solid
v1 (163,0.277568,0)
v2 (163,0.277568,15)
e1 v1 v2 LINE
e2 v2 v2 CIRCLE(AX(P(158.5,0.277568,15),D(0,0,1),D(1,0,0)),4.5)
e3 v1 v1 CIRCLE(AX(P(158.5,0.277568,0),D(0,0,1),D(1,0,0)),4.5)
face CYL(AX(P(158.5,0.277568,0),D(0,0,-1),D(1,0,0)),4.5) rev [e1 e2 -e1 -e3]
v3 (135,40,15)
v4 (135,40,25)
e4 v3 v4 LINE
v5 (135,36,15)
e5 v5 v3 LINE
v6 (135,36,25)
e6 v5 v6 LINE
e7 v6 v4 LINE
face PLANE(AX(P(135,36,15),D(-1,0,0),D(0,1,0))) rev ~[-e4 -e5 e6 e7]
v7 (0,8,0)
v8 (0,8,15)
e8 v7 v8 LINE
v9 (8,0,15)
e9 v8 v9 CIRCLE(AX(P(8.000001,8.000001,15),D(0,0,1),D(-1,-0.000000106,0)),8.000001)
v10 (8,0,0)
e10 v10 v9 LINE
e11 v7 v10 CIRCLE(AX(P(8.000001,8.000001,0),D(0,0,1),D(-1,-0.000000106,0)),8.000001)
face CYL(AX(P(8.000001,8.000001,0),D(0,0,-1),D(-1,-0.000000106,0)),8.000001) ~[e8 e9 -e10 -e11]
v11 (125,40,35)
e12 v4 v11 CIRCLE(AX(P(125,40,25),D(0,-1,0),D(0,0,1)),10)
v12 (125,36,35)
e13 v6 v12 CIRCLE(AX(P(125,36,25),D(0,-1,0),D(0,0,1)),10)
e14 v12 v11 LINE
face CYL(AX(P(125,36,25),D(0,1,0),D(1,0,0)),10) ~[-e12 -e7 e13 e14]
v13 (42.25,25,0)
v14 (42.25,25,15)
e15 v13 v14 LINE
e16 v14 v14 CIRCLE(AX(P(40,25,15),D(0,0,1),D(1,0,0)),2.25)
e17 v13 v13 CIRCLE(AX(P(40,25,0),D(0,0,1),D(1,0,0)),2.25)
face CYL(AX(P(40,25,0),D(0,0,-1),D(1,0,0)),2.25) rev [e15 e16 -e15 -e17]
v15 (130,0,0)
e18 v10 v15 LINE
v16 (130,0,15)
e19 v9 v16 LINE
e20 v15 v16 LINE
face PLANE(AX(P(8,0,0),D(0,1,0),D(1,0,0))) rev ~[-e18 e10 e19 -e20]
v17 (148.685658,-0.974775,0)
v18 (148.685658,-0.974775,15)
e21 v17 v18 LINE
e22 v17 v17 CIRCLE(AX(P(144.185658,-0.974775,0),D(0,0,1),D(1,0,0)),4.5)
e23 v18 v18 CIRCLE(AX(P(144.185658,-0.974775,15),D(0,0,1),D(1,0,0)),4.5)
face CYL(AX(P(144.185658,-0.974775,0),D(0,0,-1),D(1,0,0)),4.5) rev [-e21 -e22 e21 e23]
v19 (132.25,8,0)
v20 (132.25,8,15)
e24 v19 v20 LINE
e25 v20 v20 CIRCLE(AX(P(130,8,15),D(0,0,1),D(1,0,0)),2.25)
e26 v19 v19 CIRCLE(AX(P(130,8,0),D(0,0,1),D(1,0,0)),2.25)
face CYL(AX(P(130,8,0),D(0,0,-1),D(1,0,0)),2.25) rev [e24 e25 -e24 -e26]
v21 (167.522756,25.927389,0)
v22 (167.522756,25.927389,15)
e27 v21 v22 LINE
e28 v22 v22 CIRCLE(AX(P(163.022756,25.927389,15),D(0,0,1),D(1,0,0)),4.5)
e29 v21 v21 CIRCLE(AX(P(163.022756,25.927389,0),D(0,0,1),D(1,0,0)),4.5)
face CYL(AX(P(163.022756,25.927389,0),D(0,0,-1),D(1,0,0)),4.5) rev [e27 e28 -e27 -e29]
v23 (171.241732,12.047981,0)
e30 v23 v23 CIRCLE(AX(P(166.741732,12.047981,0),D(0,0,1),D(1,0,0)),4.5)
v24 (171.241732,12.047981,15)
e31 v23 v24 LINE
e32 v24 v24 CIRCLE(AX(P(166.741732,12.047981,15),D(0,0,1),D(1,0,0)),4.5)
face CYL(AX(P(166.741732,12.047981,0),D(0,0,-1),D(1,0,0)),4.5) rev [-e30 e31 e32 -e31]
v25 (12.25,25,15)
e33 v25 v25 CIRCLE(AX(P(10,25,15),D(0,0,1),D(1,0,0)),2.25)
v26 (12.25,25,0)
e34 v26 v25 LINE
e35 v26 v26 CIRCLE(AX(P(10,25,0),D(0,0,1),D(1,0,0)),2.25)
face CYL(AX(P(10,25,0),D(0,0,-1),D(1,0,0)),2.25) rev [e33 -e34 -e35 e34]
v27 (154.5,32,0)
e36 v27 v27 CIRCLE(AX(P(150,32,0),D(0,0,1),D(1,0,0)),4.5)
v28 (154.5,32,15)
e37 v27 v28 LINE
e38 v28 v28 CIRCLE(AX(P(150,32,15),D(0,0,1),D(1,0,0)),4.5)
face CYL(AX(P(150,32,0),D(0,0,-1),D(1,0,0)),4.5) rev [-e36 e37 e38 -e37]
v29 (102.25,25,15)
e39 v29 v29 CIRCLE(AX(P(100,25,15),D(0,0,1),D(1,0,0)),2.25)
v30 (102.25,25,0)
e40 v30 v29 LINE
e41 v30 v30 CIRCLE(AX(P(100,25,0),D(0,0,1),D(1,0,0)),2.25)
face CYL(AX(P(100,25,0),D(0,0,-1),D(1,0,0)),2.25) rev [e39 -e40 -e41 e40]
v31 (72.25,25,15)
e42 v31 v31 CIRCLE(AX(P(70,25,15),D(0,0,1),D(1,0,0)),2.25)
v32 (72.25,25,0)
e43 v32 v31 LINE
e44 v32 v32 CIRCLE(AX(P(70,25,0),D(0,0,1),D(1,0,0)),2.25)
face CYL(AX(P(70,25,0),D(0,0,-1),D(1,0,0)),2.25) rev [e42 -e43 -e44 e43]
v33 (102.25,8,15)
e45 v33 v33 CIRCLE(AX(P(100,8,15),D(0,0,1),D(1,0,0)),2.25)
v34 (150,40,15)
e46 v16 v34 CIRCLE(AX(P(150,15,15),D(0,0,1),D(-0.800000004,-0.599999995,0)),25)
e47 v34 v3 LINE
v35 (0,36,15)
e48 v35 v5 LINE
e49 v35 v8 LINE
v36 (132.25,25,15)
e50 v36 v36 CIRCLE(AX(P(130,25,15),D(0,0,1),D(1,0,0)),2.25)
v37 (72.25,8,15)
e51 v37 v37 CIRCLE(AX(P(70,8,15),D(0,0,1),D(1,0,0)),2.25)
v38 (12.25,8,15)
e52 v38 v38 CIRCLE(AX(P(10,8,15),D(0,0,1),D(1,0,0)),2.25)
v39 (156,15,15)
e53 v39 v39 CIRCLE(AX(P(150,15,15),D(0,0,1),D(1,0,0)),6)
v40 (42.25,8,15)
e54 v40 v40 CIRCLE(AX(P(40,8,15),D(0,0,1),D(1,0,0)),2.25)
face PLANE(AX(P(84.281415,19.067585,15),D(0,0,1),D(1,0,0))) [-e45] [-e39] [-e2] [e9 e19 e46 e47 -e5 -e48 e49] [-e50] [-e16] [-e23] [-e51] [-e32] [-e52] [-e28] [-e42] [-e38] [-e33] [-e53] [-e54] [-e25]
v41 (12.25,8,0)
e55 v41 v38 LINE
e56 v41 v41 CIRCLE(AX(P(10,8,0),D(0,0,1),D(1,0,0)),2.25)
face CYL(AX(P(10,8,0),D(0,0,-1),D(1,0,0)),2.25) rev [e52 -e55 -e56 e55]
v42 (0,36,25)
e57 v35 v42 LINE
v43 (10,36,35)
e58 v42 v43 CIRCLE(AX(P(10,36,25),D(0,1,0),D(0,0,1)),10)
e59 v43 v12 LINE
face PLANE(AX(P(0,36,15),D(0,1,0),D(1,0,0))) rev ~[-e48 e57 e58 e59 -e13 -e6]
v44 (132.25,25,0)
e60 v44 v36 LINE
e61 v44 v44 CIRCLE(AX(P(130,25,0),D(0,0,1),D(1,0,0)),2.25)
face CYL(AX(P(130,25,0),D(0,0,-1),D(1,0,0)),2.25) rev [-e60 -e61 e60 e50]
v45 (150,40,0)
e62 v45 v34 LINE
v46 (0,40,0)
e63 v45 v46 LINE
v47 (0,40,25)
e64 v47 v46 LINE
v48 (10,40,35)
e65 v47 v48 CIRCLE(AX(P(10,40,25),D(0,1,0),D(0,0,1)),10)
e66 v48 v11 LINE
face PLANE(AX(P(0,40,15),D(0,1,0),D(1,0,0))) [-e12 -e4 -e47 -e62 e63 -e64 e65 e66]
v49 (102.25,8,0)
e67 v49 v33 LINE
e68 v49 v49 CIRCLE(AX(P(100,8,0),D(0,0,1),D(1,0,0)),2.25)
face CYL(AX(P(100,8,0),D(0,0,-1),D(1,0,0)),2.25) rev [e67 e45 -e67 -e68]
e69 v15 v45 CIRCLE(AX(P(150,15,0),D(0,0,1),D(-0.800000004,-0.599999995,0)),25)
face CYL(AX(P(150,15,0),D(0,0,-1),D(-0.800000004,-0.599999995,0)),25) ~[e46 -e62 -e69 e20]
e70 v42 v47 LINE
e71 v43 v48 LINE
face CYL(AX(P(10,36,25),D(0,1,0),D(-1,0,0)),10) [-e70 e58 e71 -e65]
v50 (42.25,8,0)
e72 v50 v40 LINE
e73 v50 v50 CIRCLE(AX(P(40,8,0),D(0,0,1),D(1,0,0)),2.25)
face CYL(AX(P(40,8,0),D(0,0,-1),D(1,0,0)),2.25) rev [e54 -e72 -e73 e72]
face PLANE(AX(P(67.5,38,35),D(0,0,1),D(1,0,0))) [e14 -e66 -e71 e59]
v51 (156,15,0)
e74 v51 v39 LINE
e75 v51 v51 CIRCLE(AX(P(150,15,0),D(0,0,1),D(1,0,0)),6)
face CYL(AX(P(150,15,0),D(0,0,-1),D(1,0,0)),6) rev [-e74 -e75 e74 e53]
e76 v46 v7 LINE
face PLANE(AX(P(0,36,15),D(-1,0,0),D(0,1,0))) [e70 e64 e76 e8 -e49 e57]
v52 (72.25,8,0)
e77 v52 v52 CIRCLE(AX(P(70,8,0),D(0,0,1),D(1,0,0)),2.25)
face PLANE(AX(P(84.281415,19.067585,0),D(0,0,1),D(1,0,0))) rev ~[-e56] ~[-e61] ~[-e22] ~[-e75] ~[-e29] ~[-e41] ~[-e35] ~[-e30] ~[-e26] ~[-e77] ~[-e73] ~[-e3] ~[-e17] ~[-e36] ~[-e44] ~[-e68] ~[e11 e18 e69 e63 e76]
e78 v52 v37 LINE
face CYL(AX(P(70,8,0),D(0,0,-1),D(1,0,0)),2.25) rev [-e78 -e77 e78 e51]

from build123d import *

# Parameters (mm, degrees)
F0_R     = 2.25
F0_R_2   = 4.5
F0_R_3   = 6
F1_DEPTH = 15
F2_W     = 135
F2_H     = 4
F3_DEPTH = 20
F4_R     = 10


with BuildPart() as f1:
    # F0 (on Top) → F1 (new body)
    with BuildSketch(Plane.XY):
        with BuildLine():
            ThreePointArc((0, 8), (2.343146, 2.343146), (8, 0))
            Line((8, 0), (130, 0))
            ThreePointArc((130, 0), (172.36068, 3.81966), (150, 40))
            Line((150, 40), (0, 40))
            Line((0, 40), (0, 8))
        make_face()
        with Locations((10, 8)):
            Circle(F0_R, mode=Mode.SUBTRACT)
        with Locations((40, 8)):
            Circle(F0_R, mode=Mode.SUBTRACT)
        with Locations((70, 8)):
            Circle(F0_R, mode=Mode.SUBTRACT)
        with Locations((144.185658, -0.974775)):
            Circle(F0_R_2, mode=Mode.SUBTRACT)
        with Locations((158.5, 0.277568)):
            Circle(F0_R_2, mode=Mode.SUBTRACT)
        with Locations((100, 8)):
            Circle(F0_R, mode=Mode.SUBTRACT)
        with Locations((130, 8)):
            Circle(F0_R, mode=Mode.SUBTRACT)
        with Locations((166.741732, 12.047981)):
            Circle(F0_R_2, mode=Mode.SUBTRACT)
        with Locations((10, 25)):
            Circle(F0_R, mode=Mode.SUBTRACT)
        with Locations((40, 25)):
            Circle(F0_R, mode=Mode.SUBTRACT)
        with Locations((70, 25)):
            Circle(F0_R, mode=Mode.SUBTRACT)
        with Locations((100, 25)):
            Circle(F0_R, mode=Mode.SUBTRACT)
        with Locations((130, 25)):
            Circle(F0_R, mode=Mode.SUBTRACT)
        with Locations((150, 15)):
            Circle(F0_R_3, mode=Mode.SUBTRACT)
        with Locations((163.022756, 25.927389)):
            Circle(F0_R_2, mode=Mode.SUBTRACT)
        with Locations((150, 32)):
            Circle(F0_R_2, mode=Mode.SUBTRACT)
    extrude(amount=F1_DEPTH)

    # F2 (on face) → F3 (join)
    with BuildSketch(Plane.XY.offset(15)):
        with Locations((67.5, 38)):
            Rectangle(F2_W, F2_H)
    extrude(amount=F3_DEPTH)

    # F4
    f4_edges = [f1.edges().sort_by_distance(p)[0] for p in [
        (135, 38, 35),
        (0, 38, 35),
    ]]
    fillet(f4_edges, radius=F4_R)


solid = f1.part
